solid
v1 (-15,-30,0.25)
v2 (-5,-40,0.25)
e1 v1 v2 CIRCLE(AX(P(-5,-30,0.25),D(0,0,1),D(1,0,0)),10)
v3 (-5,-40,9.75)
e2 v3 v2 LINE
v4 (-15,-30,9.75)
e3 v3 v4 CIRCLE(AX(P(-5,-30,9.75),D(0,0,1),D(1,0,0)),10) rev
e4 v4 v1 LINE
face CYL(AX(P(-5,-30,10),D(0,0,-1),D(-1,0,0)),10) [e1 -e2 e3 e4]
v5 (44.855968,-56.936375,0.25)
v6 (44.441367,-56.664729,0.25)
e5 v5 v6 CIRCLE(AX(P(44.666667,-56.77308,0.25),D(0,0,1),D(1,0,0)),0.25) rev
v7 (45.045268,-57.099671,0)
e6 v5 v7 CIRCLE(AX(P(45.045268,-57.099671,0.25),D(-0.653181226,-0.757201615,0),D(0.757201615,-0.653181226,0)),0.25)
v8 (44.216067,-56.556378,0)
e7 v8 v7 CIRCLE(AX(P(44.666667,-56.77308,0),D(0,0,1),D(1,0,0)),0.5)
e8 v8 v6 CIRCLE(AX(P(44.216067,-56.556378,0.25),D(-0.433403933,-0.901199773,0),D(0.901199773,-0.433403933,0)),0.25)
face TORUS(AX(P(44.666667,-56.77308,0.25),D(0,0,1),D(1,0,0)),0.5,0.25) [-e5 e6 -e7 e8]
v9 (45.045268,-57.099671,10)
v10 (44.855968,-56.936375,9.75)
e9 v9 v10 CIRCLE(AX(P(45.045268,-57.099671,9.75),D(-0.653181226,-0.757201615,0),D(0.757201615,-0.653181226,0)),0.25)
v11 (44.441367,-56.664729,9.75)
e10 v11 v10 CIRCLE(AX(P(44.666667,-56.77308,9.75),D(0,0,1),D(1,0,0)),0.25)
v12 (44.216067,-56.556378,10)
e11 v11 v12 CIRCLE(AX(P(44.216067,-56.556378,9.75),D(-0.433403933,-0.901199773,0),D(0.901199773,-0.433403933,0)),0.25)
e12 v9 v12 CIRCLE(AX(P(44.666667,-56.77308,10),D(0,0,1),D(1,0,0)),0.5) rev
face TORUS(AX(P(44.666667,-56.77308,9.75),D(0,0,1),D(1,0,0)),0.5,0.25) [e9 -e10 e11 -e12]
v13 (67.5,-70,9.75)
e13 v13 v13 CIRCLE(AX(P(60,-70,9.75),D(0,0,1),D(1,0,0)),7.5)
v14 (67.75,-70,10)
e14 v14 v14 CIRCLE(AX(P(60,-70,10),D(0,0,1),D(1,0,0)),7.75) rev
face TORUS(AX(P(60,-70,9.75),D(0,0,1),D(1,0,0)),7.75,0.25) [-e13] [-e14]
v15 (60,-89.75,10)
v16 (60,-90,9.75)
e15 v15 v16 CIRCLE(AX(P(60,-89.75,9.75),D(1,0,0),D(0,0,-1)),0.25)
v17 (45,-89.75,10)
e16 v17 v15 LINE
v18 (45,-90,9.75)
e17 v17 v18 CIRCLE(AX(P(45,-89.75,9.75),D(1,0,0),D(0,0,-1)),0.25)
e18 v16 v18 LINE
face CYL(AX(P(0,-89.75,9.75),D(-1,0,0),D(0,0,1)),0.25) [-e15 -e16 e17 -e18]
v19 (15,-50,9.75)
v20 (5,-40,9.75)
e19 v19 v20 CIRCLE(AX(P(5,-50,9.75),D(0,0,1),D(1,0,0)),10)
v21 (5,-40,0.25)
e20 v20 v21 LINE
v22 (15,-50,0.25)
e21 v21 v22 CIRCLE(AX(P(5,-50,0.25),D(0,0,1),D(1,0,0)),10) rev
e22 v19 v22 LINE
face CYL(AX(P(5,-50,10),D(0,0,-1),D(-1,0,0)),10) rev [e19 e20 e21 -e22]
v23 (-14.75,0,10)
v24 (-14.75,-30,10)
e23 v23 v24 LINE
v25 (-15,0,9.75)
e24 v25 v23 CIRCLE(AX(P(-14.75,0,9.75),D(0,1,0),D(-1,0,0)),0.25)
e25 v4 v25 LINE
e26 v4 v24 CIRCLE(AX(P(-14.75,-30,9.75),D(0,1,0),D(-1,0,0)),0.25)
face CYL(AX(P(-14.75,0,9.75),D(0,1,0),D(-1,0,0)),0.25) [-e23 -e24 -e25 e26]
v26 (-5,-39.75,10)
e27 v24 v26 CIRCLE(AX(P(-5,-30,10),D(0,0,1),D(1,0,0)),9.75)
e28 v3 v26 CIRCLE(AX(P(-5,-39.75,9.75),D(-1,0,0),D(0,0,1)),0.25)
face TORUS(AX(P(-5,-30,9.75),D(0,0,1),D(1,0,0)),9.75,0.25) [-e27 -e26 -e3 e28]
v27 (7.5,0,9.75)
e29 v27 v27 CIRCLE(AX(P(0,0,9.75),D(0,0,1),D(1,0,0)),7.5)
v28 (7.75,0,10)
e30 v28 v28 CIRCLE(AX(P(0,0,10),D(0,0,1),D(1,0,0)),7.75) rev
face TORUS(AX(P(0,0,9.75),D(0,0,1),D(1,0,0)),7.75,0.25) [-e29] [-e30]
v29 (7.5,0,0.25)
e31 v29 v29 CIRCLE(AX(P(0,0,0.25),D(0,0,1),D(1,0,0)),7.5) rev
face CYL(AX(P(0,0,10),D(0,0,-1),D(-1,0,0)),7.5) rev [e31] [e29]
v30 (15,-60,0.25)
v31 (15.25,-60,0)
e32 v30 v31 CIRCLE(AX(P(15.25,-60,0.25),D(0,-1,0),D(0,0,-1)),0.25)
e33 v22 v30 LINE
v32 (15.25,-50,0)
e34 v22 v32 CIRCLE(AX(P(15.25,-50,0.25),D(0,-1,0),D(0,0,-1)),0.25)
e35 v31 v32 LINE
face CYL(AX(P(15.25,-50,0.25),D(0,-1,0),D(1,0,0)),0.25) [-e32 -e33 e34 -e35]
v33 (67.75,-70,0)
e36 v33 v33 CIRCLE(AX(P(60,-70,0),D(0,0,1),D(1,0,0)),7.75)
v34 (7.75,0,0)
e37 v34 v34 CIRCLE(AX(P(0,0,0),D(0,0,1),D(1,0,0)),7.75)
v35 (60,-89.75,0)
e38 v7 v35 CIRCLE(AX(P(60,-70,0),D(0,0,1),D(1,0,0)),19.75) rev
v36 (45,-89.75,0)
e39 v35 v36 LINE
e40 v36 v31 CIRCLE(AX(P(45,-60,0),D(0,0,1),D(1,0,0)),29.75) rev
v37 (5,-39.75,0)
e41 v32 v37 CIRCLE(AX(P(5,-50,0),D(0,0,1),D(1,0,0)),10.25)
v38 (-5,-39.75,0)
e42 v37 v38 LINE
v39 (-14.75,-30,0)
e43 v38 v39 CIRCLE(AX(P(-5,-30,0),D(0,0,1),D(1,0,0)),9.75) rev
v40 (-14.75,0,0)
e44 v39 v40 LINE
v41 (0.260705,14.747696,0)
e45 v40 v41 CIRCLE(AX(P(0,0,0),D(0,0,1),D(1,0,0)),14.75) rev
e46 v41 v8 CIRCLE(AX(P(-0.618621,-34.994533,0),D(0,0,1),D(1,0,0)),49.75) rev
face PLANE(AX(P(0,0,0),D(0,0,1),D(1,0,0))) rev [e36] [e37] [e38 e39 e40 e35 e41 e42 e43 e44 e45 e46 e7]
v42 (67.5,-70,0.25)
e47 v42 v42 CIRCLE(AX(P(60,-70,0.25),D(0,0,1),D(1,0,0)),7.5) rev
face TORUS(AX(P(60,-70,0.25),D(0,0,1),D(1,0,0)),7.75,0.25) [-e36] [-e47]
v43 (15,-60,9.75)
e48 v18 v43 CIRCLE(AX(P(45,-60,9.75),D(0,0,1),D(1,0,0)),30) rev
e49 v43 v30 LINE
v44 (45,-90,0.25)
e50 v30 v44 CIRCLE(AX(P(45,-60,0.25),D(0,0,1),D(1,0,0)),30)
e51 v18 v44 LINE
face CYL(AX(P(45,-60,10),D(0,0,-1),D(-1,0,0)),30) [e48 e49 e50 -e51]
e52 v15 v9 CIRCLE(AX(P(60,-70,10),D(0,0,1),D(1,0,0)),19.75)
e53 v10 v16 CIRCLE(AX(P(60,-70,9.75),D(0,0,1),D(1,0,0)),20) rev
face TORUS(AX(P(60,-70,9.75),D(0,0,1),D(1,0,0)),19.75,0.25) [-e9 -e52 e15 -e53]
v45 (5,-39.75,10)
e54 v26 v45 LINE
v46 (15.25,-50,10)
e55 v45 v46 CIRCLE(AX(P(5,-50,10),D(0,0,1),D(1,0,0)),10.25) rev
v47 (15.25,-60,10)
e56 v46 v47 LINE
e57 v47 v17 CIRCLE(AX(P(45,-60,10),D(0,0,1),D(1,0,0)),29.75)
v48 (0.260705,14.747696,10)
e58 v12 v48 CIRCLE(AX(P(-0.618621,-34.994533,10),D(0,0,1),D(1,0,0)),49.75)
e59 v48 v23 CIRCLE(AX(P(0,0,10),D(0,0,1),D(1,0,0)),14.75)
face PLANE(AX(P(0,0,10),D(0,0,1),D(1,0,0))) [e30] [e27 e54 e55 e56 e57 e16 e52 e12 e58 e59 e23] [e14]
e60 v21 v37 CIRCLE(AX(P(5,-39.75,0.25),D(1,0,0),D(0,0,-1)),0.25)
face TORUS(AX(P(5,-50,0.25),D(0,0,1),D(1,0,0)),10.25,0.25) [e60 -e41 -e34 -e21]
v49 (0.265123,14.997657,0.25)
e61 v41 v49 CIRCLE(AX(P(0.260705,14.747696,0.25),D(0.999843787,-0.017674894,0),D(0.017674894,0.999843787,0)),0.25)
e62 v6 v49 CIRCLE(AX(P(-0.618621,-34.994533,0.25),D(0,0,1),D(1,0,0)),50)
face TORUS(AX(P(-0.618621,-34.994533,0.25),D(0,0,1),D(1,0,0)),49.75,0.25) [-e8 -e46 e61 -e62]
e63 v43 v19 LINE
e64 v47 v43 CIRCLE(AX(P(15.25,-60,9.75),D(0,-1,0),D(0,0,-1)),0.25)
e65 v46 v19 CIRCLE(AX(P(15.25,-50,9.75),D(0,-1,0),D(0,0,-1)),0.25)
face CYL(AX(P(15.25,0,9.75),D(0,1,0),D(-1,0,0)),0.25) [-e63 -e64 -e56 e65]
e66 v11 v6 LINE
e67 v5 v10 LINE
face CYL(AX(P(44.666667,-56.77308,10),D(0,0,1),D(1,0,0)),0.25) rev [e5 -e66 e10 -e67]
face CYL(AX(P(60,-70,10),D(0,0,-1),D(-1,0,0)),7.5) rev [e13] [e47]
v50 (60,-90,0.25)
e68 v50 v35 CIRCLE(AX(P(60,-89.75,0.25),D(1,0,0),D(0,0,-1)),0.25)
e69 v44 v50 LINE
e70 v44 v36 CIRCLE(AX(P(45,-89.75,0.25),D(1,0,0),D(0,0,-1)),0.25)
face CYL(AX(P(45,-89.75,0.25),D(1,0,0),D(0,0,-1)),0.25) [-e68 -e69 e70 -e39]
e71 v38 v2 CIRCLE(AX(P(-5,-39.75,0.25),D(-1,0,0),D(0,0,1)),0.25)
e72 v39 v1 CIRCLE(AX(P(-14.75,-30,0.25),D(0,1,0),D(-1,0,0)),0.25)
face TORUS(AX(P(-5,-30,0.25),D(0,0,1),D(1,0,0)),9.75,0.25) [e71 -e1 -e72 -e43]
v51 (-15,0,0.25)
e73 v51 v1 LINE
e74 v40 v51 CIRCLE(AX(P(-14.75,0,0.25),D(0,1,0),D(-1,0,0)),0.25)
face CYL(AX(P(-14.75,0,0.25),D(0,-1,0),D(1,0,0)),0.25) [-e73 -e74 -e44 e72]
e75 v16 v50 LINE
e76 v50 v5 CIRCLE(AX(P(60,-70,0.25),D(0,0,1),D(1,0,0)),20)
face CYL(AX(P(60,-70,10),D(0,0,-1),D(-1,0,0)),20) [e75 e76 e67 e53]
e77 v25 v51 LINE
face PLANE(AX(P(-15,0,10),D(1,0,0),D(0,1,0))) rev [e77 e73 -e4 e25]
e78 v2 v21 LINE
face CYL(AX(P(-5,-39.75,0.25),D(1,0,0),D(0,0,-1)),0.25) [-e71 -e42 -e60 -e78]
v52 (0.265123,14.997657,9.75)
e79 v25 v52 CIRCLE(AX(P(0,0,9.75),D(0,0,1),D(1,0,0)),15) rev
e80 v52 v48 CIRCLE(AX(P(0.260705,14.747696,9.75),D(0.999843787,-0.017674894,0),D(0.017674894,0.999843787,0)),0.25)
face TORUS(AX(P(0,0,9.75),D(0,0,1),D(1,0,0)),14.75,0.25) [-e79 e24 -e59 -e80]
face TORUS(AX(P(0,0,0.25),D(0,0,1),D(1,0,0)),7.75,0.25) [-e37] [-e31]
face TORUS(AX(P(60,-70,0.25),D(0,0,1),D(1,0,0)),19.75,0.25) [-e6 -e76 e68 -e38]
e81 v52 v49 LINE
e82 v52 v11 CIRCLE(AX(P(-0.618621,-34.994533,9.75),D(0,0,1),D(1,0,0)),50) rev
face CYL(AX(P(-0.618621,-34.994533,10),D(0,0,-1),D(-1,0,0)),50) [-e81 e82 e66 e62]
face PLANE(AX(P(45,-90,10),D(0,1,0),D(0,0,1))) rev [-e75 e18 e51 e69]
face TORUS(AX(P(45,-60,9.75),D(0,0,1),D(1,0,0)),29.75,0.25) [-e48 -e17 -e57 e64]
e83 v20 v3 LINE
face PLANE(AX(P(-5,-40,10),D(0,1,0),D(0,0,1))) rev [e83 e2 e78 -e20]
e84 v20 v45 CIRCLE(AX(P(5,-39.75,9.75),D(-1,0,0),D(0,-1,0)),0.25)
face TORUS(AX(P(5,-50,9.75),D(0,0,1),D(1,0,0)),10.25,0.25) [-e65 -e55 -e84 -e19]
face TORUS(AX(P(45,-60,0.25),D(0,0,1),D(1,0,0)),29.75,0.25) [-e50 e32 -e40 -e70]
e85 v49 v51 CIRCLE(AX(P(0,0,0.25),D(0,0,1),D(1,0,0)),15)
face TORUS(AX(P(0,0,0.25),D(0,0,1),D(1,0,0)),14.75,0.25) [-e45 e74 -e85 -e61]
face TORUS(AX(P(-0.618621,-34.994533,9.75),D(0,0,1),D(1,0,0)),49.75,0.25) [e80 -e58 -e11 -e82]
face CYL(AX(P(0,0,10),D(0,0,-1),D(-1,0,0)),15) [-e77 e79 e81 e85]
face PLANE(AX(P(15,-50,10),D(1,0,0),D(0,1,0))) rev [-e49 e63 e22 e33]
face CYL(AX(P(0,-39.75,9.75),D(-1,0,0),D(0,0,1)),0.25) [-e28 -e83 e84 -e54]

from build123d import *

# Parameters (mm, degrees)
SKETCH1_R           = 7.5
BOSS_EXTRUDE1_DEPTH = 10
FILLET1_R           = 0.25


with BuildPart() as part:
    # Sketch1 → Boss-Extrude1 (new body)
    with BuildSketch(Plane.XY):
        with BuildLine():
            Line((-15, 0), (-15, -30))
            ThreePointArc((-15, -30), (-12.071067812, -37.071067812), (-5, -40))
            Line((-5, -40), (5, -40))
            ThreePointArc((5, -40), (12.071067812, -42.928932188), (15, -50))
            Line((15, -50), (15, -60))
            ThreePointArc((15, -60), (23.786796564, -81.213203436), (45, -90))
            Line((45, -90), (60, -90))
            ThreePointArc((60, -90), (77.320959018, -60.000781096), (42.680393915, -59.998437869))
            ThreePointArc((42.680393915, -59.998437869), (42.903012663, -10.380159149), (0.265123413, 14.997656803))
            ThreePointArc((0.265123413, 14.997656803), (-10.512448545, 10.699926429), (-15, 0))
        make_face()
        Circle(SKETCH1_R, mode=Mode.SUBTRACT)
        with Locations((60, -70)):
            Circle(SKETCH1_R, mode=Mode.SUBTRACT)
    extrude(amount=BOSS_EXTRUDE1_DEPTH)

    # Fillet1
    fillet1_edges = [part.edges().sort_by_distance(p)[0] for p in [
        (42.903012663, -10.380159149, 0),
        (77.320959018, -60.000781096, 0),
        (52.5, -90, 0),
        (23.786796564, -81.213203436, 0),
        (15, -55, 0),
        (12.071067812, -42.928932188, 0),
        (0, -40, 0),
        (-12.071067812, -37.071067812, 10),
        (-12.071067812, -37.071067812, 0),
        (-15, -15, 0),
        (-10.512448545, 10.699926429, 0),
        (0, -40, 10),
        (42.680393915, -59.998437869, 5),
        (12.071067812, -42.928932188, 10),
        (15, -55, 10),
        (-7.5, 0, 0),
        (-7.5, 0, 10),
        (23.786796564, -81.213203436, 10),
        (52.5, -70, 0),
        (52.5, -70, 10),
        (52.5, -90, 10),
        (77.320959018, -60.000781096, 10),
        (42.903012663, -10.380159149, 10),
        (-10.512448545, 10.699926429, 10),
        (-15, -15, 10),
    ]]
    fillet(fillet1_edges, radius=FILLET1_R)


solid = part.part
